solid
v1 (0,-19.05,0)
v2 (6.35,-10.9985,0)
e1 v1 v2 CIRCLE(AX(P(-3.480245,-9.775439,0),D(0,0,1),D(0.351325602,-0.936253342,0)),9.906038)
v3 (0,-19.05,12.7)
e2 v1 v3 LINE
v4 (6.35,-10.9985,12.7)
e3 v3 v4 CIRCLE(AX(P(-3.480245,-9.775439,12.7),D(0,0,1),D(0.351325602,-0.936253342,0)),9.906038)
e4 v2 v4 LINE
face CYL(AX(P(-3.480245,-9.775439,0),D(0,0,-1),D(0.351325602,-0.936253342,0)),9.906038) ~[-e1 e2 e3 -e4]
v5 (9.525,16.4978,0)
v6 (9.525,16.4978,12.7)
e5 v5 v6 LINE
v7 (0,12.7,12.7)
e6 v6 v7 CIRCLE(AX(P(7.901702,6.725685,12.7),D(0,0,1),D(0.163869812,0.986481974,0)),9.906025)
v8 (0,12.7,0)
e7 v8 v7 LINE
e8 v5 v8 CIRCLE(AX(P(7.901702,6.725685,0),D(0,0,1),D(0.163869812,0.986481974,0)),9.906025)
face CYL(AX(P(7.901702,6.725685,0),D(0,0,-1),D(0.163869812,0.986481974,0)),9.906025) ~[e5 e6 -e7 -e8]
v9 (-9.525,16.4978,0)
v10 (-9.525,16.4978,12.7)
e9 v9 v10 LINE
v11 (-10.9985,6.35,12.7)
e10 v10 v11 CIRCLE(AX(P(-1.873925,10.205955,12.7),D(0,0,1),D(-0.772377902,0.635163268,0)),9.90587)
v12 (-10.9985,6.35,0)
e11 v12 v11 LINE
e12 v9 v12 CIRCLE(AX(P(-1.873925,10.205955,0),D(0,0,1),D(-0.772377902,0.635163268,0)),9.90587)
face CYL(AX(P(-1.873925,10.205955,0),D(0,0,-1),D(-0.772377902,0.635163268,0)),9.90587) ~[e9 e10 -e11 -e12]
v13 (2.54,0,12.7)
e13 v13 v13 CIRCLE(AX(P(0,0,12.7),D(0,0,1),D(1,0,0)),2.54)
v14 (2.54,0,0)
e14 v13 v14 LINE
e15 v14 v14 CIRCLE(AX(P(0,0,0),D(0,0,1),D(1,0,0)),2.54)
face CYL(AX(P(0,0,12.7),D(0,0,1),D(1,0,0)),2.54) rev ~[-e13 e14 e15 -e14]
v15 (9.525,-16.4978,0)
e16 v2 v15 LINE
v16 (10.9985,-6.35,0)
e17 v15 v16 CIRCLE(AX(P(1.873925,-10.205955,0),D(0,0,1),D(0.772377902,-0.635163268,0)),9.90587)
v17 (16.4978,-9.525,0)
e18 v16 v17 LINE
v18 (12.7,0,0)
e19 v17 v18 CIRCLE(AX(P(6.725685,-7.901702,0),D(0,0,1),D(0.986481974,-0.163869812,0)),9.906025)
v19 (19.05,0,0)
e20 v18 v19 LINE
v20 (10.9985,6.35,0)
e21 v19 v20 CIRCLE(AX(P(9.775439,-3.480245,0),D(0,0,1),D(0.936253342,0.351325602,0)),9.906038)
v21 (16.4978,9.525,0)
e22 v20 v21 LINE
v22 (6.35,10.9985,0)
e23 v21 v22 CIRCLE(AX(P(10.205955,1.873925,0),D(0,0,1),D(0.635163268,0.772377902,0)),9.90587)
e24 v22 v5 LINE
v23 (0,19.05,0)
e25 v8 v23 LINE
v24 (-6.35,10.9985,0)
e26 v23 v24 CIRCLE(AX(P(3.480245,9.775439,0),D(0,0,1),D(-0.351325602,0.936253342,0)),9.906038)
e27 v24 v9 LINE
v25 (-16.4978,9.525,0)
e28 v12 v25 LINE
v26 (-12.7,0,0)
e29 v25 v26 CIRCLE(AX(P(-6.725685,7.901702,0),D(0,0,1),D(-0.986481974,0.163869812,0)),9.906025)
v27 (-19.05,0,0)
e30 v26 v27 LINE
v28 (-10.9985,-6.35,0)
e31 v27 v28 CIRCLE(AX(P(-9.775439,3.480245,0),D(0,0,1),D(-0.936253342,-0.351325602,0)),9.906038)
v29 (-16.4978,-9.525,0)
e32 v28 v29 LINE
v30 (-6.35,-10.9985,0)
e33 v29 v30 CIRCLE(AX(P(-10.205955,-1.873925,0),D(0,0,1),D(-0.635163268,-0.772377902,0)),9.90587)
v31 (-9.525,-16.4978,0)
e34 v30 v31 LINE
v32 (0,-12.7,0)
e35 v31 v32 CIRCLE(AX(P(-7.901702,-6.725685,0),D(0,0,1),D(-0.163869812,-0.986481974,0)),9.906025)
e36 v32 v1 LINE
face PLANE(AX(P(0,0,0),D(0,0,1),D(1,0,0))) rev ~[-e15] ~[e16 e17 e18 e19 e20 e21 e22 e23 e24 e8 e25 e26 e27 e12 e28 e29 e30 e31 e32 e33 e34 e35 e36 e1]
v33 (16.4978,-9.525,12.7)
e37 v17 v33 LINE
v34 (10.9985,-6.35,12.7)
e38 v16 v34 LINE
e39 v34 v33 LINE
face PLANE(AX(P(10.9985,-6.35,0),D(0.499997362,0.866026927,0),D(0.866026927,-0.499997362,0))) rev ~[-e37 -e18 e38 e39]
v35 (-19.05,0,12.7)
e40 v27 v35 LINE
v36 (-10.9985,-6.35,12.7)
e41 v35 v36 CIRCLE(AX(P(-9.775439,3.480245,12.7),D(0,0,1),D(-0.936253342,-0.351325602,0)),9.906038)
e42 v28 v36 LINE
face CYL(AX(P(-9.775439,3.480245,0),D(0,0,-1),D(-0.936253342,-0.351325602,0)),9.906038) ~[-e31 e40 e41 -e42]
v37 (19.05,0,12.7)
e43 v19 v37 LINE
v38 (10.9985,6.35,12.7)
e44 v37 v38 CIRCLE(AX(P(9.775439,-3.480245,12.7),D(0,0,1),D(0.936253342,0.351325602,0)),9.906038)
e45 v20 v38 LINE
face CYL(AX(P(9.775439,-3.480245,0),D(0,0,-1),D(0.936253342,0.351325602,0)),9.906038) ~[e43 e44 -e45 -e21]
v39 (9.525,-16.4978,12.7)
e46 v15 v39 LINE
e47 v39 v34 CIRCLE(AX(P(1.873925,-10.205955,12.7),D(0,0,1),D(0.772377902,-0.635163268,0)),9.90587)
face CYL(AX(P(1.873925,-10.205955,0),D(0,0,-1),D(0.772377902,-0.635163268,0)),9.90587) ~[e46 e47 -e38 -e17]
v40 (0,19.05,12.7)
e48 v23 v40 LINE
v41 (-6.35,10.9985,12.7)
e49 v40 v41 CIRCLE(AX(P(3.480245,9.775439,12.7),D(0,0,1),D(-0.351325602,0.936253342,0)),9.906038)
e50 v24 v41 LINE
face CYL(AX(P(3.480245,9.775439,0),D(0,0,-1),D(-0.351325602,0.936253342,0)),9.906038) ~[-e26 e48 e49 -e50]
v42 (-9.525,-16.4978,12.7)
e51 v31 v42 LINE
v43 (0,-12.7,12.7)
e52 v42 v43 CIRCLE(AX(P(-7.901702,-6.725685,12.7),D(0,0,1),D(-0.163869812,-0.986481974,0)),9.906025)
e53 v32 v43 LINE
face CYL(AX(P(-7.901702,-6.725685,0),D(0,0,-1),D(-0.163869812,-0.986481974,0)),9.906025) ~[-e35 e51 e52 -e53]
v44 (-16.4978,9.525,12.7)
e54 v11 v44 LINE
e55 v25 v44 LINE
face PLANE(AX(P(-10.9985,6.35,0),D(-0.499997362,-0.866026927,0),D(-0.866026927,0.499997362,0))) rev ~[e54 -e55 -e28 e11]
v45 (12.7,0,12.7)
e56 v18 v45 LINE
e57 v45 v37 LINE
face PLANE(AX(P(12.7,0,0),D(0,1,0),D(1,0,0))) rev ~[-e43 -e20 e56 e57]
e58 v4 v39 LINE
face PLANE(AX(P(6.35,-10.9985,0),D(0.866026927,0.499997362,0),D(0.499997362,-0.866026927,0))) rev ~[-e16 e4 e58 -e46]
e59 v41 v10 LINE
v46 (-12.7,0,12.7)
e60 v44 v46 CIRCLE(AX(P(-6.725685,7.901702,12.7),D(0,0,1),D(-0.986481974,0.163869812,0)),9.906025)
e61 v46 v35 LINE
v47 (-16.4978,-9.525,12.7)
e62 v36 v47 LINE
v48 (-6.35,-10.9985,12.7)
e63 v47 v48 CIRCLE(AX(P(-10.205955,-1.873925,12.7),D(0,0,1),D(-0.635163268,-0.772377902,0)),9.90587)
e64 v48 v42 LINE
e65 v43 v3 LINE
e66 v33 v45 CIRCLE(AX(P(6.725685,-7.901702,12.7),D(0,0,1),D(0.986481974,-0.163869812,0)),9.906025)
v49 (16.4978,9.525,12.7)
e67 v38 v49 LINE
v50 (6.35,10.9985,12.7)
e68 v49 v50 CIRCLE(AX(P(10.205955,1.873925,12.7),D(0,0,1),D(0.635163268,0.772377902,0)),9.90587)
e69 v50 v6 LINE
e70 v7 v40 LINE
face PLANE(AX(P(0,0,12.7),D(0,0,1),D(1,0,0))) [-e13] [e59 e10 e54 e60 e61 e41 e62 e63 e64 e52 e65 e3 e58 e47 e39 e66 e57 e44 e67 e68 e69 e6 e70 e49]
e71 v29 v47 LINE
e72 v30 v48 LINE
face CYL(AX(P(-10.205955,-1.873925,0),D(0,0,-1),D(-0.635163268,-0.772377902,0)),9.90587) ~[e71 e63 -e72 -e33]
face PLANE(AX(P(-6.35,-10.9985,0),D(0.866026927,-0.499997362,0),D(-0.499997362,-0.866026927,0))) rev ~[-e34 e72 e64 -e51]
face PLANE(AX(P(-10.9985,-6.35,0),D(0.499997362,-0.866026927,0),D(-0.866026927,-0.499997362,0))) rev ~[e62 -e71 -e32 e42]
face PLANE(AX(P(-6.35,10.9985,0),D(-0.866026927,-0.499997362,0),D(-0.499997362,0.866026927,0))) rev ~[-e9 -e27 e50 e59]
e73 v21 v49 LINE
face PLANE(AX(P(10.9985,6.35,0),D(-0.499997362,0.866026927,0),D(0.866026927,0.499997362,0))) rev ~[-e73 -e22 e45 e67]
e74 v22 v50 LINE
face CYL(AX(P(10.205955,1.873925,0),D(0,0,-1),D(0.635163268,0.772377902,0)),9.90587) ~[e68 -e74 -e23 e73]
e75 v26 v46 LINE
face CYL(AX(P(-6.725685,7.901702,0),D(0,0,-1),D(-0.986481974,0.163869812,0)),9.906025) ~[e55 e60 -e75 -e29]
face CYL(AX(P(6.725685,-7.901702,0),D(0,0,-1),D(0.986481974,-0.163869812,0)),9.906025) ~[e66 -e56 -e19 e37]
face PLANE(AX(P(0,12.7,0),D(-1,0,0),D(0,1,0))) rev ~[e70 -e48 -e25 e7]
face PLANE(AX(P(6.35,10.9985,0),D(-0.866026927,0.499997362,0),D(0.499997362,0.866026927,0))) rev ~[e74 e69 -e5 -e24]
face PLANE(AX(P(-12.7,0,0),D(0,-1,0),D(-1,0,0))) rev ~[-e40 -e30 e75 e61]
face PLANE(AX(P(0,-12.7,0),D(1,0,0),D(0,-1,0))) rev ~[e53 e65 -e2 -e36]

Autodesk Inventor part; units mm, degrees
ref_plane "YZ Plane" through (0, 0, 0) normal (1, 0, 0) x (0, 1, 0)
ref_plane "XZ Plane" through (0, 0, 0) normal (0, 1, 0) x (-1, 0, 0)
ref_plane "XY Plane" through (0, 0, 0) normal (0, 0, 1) x (1, 0, 0)
sketch "Sketch1" plane through (0, 0, 0) normal (0, 0, 1) x (1, 0, 0)
  arc A0 (4.5113, -11.8717) -> (6.35, -10.9985) centre (0, 0) ccw
  line L0 (6.35, 10.9985) -> (9.525, 16.4978)
  line L1 (12.7, 0) -> (19.05, 0) construction
  line L2 (10.9985, 6.35) -> (16.4978, 9.525)
  line L3 (0, 0) -> (19.05, 0) construction
  line L4 (0, 12.7) -> (0, 19.05)
  line L5 (-6.35, 10.9985) -> (-9.525, 16.4978)
  line L6 (0, 0) -> (19.05, 0) construction
  line L7 (-10.9985, 6.35) -> (-16.4978, 9.525)
  line L8 (12.7, 0) -> (26.2861, 0) construction
  line L9 (0, 0) -> (19.05, 0)
  line L10 (-12.7, 0) -> (-19.05, 0)
  line L11 (6.35, -10.9985) -> (9.525, -16.4978)
  line L12 (10.9985, -6.35) -> (16.4978, -9.525)
  line L13 (0, -12.7) -> (0, -19.05)
  line L14 (-6.35, -10.9985) -> (-9.525, -16.4978)
  line L15 (-10.9985, -6.35) -> (-16.4978, -9.525)
  arc A1 (16.4978, -9.525) -> (12.7, 0) centre (6.7257, -7.9017) ccw
  arc A2 (19.05, 0) -> (10.9985, 6.35) centre (9.7755, -3.4802) ccw
  arc A3 (16.4978, 9.525) -> (6.35, 10.9985) centre (10.2059, 1.8738) ccw
  arc A4 (9.525, 16.4978) -> (0, 12.7) centre (7.9017, 6.7257) ccw
  arc A5 (0, -19.05) -> (6.35, -10.9985) centre (-3.4802, -9.7755) ccw
  arc A6 (9.525, -16.4978) -> (10.9985, -6.35) centre (1.8738, -10.2059) ccw
  arc A7 (0, 19.05) -> (-6.35, 10.9985) centre (3.4802, 9.7755) ccw
  arc A8 (-9.525, 16.4978) -> (-10.9985, 6.35) centre (-1.8738, 10.2059) ccw
  arc A9 (-9.525, -16.4978) -> (0, -12.7) centre (-7.9017, -6.7257) ccw
  arc A10 (-16.4978, -9.525) -> (-6.35, -10.9985) centre (-10.2059, -1.8738) ccw
  arc A11 (-19.05, 0) -> (-10.9985, -6.35) centre (-9.7755, 3.4802) ccw
  arc A12 (-16.4978, 9.525) -> (-12.7, 0) centre (-6.7257, 7.9017) ccw
  dimension "d0" = 25.4
  dimension "d1" = 19.05
  dimension "d2" = 60
  dimension "d3" = 19.05
  dimension "d4" = 30
  dimension "d5" = 19.05
  dimension "d6" = 120
  dimension "d7" = 150
  dimension "d8" = 9.906
  dimension "d9" = 9.906
  dimension "d10" = 9.906
  dimension "d11" = 9.906
  dimension "d18" = 9.906
  dimension "d19" = 9.906
  dimension "d20" = 9.906
  dimension "d21" = 9.906
  dimension "d22" = 9.906
  dimension "d23" = 9.906
  dimension "d24" = 9.906
  dimension "d25" = 9.906
extrude "Extrusion1" add sketch "Sketch1" along normal blind 12.7
sketch "Sketch2" plane through (0, 0, 12.7) normal (0, 0, 1) x (1, 0, 0)
  circle A0 centre (0, 0) radius 2.54
  dimension "d28" = 5.08
extrude "Extrusion2" cut sketch "Sketch2" against normal blind 12.7
properties part number "ratchet prototype"
